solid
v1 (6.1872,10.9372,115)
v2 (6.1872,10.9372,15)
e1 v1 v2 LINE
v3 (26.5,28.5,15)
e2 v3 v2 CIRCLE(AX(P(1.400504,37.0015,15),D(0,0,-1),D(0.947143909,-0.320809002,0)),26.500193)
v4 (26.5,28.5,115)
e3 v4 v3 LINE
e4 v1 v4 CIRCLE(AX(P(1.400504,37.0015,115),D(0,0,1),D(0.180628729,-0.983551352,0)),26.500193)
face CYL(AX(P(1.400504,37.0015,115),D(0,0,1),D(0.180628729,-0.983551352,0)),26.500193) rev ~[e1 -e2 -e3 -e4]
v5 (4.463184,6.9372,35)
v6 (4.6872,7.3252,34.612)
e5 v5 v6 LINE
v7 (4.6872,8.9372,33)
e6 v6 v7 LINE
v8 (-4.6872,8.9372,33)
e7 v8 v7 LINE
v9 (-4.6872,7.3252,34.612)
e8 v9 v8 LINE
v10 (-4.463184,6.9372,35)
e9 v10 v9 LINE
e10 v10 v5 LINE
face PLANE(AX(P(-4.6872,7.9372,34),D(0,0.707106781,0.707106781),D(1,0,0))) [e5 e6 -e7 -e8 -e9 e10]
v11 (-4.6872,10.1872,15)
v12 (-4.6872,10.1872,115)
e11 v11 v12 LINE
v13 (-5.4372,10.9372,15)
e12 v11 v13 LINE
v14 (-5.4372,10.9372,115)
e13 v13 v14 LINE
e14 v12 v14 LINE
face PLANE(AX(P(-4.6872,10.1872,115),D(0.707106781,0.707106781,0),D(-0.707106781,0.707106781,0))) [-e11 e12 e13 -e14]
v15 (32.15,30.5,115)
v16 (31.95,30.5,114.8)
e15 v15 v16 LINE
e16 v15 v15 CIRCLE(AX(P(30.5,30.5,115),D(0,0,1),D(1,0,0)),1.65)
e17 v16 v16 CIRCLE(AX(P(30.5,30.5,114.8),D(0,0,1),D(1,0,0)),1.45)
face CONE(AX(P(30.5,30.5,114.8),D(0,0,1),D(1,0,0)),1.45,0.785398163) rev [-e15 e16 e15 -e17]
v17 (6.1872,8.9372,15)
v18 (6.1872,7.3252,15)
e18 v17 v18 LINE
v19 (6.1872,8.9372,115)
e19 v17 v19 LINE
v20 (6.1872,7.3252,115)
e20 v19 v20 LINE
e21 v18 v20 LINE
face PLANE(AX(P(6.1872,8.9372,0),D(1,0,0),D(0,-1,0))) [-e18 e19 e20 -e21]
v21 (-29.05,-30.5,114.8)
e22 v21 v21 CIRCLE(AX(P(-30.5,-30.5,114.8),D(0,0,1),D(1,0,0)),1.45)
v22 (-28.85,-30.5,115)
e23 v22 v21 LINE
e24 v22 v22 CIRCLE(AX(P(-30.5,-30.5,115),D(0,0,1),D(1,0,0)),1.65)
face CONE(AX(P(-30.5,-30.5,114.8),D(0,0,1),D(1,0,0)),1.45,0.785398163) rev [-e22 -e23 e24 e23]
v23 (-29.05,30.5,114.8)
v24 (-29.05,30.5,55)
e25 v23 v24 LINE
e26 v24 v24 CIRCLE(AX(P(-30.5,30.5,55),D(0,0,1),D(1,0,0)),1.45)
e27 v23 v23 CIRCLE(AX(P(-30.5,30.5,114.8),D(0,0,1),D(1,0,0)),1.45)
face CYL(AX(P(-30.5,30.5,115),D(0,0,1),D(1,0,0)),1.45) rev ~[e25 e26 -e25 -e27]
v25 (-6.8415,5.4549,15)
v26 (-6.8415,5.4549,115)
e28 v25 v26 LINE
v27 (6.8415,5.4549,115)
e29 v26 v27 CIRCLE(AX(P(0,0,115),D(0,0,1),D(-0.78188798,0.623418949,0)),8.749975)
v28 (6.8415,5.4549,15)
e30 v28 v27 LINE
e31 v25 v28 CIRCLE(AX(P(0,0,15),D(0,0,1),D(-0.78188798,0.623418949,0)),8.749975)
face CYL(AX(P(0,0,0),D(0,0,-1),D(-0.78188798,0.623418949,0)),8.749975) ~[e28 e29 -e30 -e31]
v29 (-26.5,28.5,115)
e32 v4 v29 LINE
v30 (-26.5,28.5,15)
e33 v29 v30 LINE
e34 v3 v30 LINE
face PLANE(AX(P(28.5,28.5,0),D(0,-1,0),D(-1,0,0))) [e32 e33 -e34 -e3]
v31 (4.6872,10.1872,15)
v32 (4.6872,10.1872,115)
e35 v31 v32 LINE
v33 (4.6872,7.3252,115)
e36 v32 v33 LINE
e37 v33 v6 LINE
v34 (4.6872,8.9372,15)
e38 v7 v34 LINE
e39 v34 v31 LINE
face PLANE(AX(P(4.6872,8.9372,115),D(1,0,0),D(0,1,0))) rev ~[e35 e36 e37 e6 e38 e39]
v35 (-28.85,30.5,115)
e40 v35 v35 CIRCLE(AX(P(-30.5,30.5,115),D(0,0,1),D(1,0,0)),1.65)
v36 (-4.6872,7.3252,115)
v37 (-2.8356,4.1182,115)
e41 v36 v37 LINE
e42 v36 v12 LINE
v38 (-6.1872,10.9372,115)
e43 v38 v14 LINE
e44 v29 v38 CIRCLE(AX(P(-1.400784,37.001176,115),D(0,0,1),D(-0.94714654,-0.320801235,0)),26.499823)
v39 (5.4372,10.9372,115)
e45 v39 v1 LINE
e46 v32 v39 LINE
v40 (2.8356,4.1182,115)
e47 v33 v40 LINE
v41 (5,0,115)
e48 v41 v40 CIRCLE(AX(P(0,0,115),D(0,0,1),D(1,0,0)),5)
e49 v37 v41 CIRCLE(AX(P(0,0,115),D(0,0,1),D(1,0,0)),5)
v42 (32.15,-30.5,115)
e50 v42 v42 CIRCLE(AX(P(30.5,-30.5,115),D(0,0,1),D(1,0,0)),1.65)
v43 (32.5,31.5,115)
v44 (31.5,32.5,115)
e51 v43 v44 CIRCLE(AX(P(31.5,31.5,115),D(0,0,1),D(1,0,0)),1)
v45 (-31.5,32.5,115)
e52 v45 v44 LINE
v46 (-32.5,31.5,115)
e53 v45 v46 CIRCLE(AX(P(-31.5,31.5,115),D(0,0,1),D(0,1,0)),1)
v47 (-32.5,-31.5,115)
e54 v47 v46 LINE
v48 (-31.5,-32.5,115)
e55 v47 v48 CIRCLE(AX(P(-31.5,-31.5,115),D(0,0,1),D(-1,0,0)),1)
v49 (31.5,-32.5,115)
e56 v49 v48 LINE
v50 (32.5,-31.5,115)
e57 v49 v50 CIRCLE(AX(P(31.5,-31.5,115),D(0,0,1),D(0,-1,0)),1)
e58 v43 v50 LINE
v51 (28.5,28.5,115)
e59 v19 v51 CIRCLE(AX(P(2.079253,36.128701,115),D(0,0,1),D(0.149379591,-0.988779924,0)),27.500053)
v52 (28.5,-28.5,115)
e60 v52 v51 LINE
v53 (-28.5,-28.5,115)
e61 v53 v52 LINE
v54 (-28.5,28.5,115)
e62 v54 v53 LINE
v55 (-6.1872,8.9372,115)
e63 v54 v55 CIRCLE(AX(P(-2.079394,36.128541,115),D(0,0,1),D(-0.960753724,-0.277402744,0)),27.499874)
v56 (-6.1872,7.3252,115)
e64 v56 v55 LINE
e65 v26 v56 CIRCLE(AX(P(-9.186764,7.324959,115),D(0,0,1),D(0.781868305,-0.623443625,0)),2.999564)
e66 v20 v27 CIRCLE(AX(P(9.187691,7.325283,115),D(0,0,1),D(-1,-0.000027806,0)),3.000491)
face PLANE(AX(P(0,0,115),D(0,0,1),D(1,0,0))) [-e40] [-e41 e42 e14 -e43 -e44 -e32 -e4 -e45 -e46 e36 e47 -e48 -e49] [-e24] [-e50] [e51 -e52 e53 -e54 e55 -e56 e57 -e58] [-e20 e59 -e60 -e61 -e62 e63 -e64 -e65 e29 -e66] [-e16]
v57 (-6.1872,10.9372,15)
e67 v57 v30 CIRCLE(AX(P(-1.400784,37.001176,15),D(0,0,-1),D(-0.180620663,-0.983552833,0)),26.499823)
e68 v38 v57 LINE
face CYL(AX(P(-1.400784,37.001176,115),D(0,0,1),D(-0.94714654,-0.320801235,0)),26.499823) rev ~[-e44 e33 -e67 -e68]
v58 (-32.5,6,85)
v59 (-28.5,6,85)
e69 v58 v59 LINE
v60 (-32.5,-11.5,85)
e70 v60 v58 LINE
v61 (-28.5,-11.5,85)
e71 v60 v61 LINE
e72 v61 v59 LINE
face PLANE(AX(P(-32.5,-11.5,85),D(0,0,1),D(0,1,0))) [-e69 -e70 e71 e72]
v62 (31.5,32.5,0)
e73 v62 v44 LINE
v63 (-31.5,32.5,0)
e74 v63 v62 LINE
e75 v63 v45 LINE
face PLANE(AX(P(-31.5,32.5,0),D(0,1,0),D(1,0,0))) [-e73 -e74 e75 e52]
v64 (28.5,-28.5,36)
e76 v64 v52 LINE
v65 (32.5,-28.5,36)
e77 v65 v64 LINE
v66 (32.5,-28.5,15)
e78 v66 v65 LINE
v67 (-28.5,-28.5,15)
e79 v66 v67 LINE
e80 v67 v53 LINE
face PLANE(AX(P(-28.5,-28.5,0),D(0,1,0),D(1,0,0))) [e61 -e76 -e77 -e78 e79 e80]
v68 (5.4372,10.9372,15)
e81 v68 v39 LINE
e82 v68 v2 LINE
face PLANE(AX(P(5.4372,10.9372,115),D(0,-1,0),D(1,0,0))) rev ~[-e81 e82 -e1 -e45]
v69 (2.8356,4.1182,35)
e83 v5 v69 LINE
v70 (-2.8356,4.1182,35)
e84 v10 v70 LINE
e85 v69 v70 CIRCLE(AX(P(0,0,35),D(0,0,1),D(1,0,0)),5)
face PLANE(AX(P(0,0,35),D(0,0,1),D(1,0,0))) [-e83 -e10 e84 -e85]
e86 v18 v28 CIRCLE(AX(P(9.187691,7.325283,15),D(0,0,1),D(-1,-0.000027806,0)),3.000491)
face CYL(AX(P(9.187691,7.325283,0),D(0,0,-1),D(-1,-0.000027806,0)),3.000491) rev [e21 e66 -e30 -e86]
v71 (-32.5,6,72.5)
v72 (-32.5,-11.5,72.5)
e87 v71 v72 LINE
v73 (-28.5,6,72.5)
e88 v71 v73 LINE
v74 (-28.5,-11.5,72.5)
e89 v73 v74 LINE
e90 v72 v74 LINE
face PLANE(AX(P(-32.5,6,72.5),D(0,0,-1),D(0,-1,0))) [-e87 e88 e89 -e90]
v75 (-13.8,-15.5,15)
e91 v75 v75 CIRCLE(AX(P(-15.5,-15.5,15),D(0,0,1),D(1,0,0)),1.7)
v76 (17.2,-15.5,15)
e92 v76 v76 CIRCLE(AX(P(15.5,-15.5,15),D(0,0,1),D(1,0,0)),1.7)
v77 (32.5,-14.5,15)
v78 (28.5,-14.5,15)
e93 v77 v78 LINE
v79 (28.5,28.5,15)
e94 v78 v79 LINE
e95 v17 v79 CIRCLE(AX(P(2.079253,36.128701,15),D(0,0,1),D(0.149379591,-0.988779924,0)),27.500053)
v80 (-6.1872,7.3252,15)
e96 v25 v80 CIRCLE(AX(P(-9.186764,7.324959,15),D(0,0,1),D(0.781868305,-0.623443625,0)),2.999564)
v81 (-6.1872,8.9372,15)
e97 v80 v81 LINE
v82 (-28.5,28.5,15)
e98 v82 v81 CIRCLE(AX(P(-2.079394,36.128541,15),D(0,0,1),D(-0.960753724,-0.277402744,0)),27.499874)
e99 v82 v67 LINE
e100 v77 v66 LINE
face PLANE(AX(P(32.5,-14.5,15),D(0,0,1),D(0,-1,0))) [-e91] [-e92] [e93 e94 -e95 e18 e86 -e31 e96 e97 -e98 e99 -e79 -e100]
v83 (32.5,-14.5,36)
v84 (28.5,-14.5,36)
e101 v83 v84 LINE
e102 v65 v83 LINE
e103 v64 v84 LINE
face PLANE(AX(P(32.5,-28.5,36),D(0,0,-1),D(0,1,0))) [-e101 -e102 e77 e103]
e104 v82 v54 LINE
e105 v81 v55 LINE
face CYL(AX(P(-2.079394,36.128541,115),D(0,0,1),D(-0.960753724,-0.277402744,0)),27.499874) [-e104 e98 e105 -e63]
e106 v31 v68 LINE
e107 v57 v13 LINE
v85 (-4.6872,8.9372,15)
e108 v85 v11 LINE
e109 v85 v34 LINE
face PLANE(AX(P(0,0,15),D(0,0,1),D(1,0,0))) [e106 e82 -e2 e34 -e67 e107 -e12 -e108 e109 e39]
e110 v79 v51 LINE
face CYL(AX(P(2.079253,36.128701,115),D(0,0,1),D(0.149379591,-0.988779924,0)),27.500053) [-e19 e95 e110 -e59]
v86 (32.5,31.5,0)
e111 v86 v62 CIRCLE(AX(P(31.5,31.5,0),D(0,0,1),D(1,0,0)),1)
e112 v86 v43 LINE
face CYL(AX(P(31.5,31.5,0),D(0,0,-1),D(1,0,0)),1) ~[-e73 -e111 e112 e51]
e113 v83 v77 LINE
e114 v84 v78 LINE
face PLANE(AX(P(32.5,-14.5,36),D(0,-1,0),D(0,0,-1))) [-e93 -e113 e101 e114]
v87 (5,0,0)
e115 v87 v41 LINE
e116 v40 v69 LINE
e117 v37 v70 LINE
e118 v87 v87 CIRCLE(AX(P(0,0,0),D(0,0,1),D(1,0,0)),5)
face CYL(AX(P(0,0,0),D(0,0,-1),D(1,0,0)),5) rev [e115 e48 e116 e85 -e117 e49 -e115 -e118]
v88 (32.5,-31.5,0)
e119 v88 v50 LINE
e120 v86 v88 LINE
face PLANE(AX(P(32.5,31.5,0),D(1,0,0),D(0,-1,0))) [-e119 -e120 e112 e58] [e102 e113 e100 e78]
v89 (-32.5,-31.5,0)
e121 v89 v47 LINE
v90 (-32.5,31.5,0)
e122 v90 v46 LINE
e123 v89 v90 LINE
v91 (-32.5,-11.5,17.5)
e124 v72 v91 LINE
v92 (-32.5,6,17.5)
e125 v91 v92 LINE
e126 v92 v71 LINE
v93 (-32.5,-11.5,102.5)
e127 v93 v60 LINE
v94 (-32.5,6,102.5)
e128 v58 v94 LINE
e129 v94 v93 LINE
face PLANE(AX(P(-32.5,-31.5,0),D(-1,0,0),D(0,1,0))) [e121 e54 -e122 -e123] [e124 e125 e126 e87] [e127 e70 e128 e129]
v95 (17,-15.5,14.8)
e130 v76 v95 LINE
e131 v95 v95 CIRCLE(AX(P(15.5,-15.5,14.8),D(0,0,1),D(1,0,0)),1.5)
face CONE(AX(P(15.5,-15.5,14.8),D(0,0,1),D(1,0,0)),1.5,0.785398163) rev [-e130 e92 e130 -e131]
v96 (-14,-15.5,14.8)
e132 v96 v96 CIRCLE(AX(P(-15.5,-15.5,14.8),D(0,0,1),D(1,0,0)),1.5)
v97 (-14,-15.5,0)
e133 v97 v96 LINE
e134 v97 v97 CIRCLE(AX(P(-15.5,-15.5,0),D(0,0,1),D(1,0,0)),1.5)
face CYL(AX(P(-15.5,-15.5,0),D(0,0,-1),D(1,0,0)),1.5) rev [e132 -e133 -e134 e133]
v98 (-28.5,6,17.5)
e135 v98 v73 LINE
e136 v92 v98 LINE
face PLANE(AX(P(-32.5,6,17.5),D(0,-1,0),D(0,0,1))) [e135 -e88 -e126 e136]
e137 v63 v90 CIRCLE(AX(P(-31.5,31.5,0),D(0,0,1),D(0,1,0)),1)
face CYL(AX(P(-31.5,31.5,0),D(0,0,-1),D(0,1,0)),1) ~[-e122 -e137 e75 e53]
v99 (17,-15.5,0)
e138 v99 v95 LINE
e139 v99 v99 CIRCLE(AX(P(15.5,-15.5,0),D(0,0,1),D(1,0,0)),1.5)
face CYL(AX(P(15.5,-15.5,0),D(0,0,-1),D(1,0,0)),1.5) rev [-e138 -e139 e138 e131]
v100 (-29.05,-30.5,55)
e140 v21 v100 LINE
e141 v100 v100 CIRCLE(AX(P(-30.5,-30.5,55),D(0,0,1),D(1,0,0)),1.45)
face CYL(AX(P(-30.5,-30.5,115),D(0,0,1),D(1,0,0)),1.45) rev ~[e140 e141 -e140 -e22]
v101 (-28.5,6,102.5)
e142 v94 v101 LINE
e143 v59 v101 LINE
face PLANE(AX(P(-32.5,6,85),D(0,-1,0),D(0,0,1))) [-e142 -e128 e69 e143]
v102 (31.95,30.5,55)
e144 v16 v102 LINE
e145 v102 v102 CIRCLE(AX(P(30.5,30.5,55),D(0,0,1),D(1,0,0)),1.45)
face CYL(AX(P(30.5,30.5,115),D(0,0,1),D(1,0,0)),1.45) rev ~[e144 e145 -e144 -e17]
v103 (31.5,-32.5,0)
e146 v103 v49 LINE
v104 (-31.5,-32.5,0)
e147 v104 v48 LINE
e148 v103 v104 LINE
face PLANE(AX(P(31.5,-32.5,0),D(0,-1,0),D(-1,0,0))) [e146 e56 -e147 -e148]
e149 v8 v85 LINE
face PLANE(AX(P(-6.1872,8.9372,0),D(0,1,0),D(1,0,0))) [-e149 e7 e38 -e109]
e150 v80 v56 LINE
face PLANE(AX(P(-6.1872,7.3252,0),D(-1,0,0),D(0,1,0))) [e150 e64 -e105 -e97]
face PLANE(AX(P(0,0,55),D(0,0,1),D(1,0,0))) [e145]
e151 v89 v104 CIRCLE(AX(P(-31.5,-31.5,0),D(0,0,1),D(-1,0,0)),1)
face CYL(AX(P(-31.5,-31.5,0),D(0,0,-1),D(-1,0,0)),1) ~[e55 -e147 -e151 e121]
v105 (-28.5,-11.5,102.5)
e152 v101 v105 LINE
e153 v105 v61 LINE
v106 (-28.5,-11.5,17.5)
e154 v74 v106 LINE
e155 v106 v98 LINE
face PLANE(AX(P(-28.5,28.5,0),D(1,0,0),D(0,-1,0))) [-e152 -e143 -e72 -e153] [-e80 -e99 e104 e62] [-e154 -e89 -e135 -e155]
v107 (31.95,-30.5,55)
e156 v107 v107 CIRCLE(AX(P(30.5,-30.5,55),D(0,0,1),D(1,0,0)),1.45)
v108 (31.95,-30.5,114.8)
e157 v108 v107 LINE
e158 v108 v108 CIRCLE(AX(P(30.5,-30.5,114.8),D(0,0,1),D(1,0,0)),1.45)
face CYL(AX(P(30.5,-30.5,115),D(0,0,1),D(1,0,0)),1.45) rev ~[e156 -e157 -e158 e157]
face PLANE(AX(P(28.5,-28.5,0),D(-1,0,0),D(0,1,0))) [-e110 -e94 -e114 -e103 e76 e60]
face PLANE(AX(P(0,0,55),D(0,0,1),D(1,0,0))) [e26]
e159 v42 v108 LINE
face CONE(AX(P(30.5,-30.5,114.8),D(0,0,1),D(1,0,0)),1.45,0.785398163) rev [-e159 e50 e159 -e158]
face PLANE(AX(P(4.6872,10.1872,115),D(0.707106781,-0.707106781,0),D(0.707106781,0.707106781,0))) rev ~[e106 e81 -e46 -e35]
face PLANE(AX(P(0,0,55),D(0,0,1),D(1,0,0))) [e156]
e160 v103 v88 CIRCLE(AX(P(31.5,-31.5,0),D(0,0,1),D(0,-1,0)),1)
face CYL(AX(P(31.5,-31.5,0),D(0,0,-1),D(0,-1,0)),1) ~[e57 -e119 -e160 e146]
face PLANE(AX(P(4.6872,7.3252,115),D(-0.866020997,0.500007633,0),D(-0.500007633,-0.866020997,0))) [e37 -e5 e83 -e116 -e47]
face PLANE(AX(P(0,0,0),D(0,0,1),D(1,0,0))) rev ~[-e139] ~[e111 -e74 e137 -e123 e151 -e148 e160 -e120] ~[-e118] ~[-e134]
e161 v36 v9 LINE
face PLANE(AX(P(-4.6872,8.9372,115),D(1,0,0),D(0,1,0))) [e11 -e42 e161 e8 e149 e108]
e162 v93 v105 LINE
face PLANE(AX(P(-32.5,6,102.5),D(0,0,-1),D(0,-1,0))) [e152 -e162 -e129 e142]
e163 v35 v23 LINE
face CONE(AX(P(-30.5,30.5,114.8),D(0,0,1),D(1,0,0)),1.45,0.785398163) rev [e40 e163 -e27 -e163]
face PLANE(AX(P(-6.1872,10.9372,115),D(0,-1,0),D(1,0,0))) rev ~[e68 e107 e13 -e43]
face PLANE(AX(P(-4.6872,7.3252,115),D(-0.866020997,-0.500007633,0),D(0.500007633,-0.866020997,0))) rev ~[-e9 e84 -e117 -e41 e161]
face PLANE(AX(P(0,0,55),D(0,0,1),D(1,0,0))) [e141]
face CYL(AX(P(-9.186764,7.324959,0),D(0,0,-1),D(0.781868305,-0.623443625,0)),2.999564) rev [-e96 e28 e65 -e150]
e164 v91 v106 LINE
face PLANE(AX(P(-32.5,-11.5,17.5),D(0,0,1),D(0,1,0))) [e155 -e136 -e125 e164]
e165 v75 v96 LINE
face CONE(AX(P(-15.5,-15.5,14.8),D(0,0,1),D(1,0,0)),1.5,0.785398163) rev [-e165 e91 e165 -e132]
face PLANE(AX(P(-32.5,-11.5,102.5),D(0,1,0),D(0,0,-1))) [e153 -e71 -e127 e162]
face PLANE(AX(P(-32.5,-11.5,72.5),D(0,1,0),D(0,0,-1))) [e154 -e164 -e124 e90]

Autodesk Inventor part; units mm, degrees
ref_plane "YZ Plane" through (0, 0, 0) normal (1, 0, 0) x (0, 1, 0)
ref_plane "XZ Plane" through (0, 0, 0) normal (0, 1, 0) x (-1, 0, 0)
ref_plane "XY Plane" through (0, 0, 0) normal (0, 0, 1) x (1, 0, 0)
sketch "Sketch1" plane through (0, 0, 0) normal (0, 0, 1) x (1, 0, 0)
  circle A0 centre (0, 0) radius 5
  line L0 (15.5, -15.5) -> (-15.5, -15.5) construction
  line L1 (-15.5, -15.5) -> (-15.5, 15.5) construction
  line L2 (-15.5, 15.5) -> (15.5, 15.5) construction
  line L3 (15.5, 15.5) -> (15.5, -15.5) construction
  line L4 (15.5, -15.5) -> (-15.5, 15.5) construction
  line L5 (-15.5, -15.5) -> (15.5, 15.5) construction
  circle A1 centre (-15.5, 15.5) radius 1.5
  circle A2 centre (15.5, 15.5) radius 1.5
  circle A3 centre (15.5, -15.5) radius 1.5
  circle A4 centre (-15.5, -15.5) radius 1.5
  line L6 (31.5, -32.5) -> (-31.5, -32.5)
  line L7 (-32.5, -31.5) -> (-32.5, 31.5)
  line L8 (-31.5, 32.5) -> (31.5, 32.5)
  line L9 (32.5, 31.5) -> (32.5, -31.5)
  line L10 (32.5, -32.5) -> (-32.5, 32.5) construction
  line L11 (-32.5, -32.5) -> (32.5, 32.5) construction
  arc A5 (-31.5, 32.5) -> (-32.5, 31.5) centre (-31.5, 31.5) ccw
  arc A6 (-32.5, -31.5) -> (-31.5, -32.5) centre (-31.5, -31.5) ccw
  arc A7 (31.5, -32.5) -> (32.5, -31.5) centre (31.5, -31.5) ccw
  arc A8 (32.5, 31.5) -> (31.5, 32.5) centre (31.5, 31.5) ccw
  arc A9 (-6.8415, 5.4549) -> (6.8415, 5.4549) centre (0, 0) ccw
  line L12 (-6.1872, 7.3252) -> (-6.1872, 8.9372)
  line L13 (-6.1872, 8.9372) -> (6.1872, 8.9372)
  line L14 (6.1872, 8.9372) -> (6.1872, 7.3252)
  arc A10 (-6.8415, 5.4549) -> (-6.1872, 7.3252) centre (-9.1872, 7.3252) ccw
  arc A11 (6.1872, 7.3252) -> (6.8415, 5.4549) centre (9.1872, 7.3252) ccw
  line L15 (28.5, 28.5) -> (-28.5, 28.5)
  line L16 (-28.5, 28.5) -> (-28.5, -28.5)
  line L17 (-28.5, -28.5) -> (28.5, -28.5)
  line L18 (28.5, -28.5) -> (28.5, 28.5)
  point P0 (-6.1872, 6.1872)
  point P1 (6.1872, 6.1872)
  dimension "d0" = 10
  dimension "d1" = 31
  dimension "d2" = 31
  dimension "d3" = 3
  dimension "d4" = 3
  dimension "d5" = 3
  dimension "d6" = 3
  dimension "d7" = 65
  dimension "d8" = 65
  dimension "d9" = 1
  dimension "d10" = 17.5
  dimension "d11" = 2.75
  dimension "d12" = 3
  dimension "d13" = 4
extrude "Extrusion1" add sketch "Sketch1" along normal blind 115 contours L6 A6 L7 A5 L8 A8 L9 A7 | A10 L12 L13 L14 A11 A9
extrude "Extrusion2" add sketch "Sketch1" along normal blind 15 contours L18 L17 L16 L15
sketch "Sketch2" plane through (-31.5, 32.5, 0) normal (0, 1, 0) x (1, 0, 0)
  point P0 (31.5, 0)
sketch "Sketch3" plane through (0, 0, 115) normal (0, 0, 1) x (1, 0, 0)
  arc A0 (-28.5, 28.5) -> (-6.1872, 8.9372) centre (-2.0793, 36.1286) ccw
  line L0 (6.1872, 7.3252) -> (6.1872, 8.9372) projected
  line L1 (28.5, 28.5) -> (28.5, -28.5) projected
  arc A1 (6.1872, 8.9372) -> (28.5, 28.5) centre (2.0793, 36.1286) ccw
  line L2 (6.1872, 8.9372) -> (-6.1872, 8.9372) projected
  line L3 (-28.5, 28.5) -> (28.5, 28.5) projected
  line L4 (-28.5, 28.5) -> (-26.5, 28.5)
  line L5 (28.5, 28.5) -> (26.5, 28.5)
  arc A2 (-26.5, 28.5) -> (-6.1872, 10.9372) centre (-1.4006, 37.0013) ccw
  arc A3 (6.1872, 10.9372) -> (26.5, 28.5) centre (1.4006, 37.0013) ccw
  line L6 (-6.1872, 8.9372) -> (-6.1872, 7.3252) projected
  line L7 (-6.1872, 8.9372) -> (-6.1872, 7.3252)
  line L8 (-6.1872, 7.3252) -> (-4.6872, 7.3252)
  line L9 (-4.6872, 7.3252) -> (-4.6872, 10.1872)
  line L10 (6.1872, 8.9372) -> (6.1872, 7.3252)
  line L11 (6.1872, 7.3252) -> (4.6872, 7.3252)
  line L12 (4.6872, 7.3252) -> (4.6872, 10.1872)
  line L13 (-6.1872, 10.9372) -> (-5.4372, 10.9372)
  line L14 (5.4372, 10.9372) -> (6.1872, 10.9372)
  line L15 (-4.6872, 10.1872) -> (-5.4372, 10.9372)
  line L16 (4.6872, 10.1872) -> (5.4372, 10.9372)
  line L17 (-5.4372, 10.9372) -> (5.4372, 10.9372)
  line L18 (4.6872, 7.3252) -> (-4.6872, 7.3252)
  line L19 (-4.6872, 7.3252) -> (-2.8356, 4.1182)
  line L20 (-4.6872, 7.3252) -> (-0.7761, 7.3252) construction
  line L21 (4.6872, 7.1776) -> (8.8154, 7.1776) construction
  circle A4 centre (0, 0) radius 5
  line L22 (4.6872, 7.3252) -> (2.8356, 4.1182)
  line L23 (4.6872, 7.3252) -> (9.2305, 7.3252) construction
  circle A5 centre (0, 0) radius 8.75
  point P0 (-4.6872, 10.9372)
  point P1 (4.6872, 10.9372)
  point P2 (-4.7858, 7.3252)
  point P3 (-4.6872, 7.3887)
  point P4 (4.6872, 7.3887)
  point P5 (4.7858, 7.3252)
  dimension "d18" = 27.5
  dimension "d19" = 27.5
  dimension "d20" = 2
  dimension "d21" = 2
  dimension "d23" = 26.5
  dimension "d24" = 26.5
  dimension "d25" = 22.3128
  dimension "d26" = 29.9006
  dimension "d27" = 1.5
  dimension "d28" = 1.5
  dimension "d29" = 2
  dimension "d30" = 2
  dimension "d31" = 0.75
  dimension "d32" = 0.75
  dimension "d33" = 0.75
  dimension "d34" = 0.75
  dimension "d35" = 60
  dimension "d37" = 120
  dimension "d38" = 10
  dimension "d39" = 17.5
extrude "Extrusion3" add sketch "Sketch3" against normal blind 105 contours L3 A2 L13 L15 L9 L2 A0 | L2 L9 A5 L8 L6 | L3 A1 L2 L12 L16 L14 A3 | L2 L0 L11 A5 L12
extrude "Extrusion4" cut sketch "Sketch3" against normal blind 80 contours L9 L15 L17 L16 L12 L2 | L2 L12 A5 L9 | A5 L12 L18 L9 | L18 L22 A4 L19
extrude "Extrusion5" add sketch "Sketch1" along normal blind 15 contours A1 | A2
chamfer "Chamfer1" distance 2 angle 45 1 edges at (0, 8.9372, 35)
sketch "Sketch4" plane through (0, 0, 115) normal (0, 0, 1) x (1, 0, 0)
  line L0 (30.5, -30.5) -> (-30.5, -30.5) construction
  line L1 (-30.5, -30.5) -> (-30.5, 30.5) construction
  line L2 (-30.5, 30.5) -> (30.5, 30.5) construction
  line L3 (30.5, 30.5) -> (30.5, -30.5) construction
  line L4 (30.5, -30.5) -> (-30.5, 30.5) construction
  line L5 (-30.5, -30.5) -> (30.5, 30.5) construction
  circle A0 centre (-30.5, 30.5) radius 1.45
  circle A1 centre (30.5, 30.5) radius 1.45
  circle A2 centre (30.5, -30.5) radius 1.45
  circle A3 centre (-30.5, -30.5) radius 1.45
  point P0 (0, 0)
  dimension "d52" = 61
  dimension "d53" = 61
  dimension "d54" = 2.9
  dimension "d55" = 2.9
  dimension "d56" = 2.9
  dimension "d57" = 2.9
extrude "Extrusion6" cut sketch "Sketch4" against normal blind 60
chamfer "Chamfer2" distance 0.2 angle 45 6 edges at (-31.95, 30.5, 115) (29.05, 30.5, 115) (-31.95, -30.5, 115) (-17, -15.5, 15) (14, -15.5, 15) (29.05, -30.5, 115)
sketch "Sketch5" plane through (-32.5, -31.5, 0) normal (-1, 0, 0) x (0, 0, 1)
  line L0 (17.5, 37.5) -> (72.5, 37.5)
  line L1 (72.5, 37.5) -> (72.5, 20)
  line L2 (72.5, 20) -> (17.5, 20)
  line L3 (17.5, 20) -> (17.5, 37.5)
  line L4 (85, 37.5) -> (102.5, 37.5)
  line L5 (102.5, 37.5) -> (102.5, 20)
  line L6 (102.5, 20) -> (85, 20)
  line L7 (85, 20) -> (85, 37.5)
  line L8 (0, 63) -> (0, 0) projected
  line L9 (115, 63) -> (115, 0) projected
  point P0 (0, 31.5)
  dimension "d63" = 12.5
  dimension "d64" = 17.5
  dimension "d65" = 17.5
  dimension "d66" = 55
  dimension "d67" = 12.5
  dimension "d68" = 20
extrude "Extrusion7" cut sketch "Sketch5" against normal up to surface (4 mm away)
sketch "Sketch6" plane through (32.5, -31.5, 0) normal (1, 0, 0) x (0, 0, -1)
  line L0 (-15, 60) -> (-15, 3) projected
  line L1 (-15, 3) -> (-36, 3)
  line L2 (-36, 3) -> (-36, 17)
  line L3 (-36, 17) -> (-15, 17)
  line L4 (-15, 17) -> (-15, 3)
  point P0 (0, 31.5)
  dimension "d71" = 21
  dimension "d72" = 14
extrude "Extrusion8" cut sketch "Sketch6" against normal up to surface (4 mm away)
equation "\"d5\" = d4"
equation "\"d6\" = d5"
equation "\"d32\" = d31"
equation "\"d33\" = d31"
equation "\"d34\" = d33"
properties part number "doser-housing"
